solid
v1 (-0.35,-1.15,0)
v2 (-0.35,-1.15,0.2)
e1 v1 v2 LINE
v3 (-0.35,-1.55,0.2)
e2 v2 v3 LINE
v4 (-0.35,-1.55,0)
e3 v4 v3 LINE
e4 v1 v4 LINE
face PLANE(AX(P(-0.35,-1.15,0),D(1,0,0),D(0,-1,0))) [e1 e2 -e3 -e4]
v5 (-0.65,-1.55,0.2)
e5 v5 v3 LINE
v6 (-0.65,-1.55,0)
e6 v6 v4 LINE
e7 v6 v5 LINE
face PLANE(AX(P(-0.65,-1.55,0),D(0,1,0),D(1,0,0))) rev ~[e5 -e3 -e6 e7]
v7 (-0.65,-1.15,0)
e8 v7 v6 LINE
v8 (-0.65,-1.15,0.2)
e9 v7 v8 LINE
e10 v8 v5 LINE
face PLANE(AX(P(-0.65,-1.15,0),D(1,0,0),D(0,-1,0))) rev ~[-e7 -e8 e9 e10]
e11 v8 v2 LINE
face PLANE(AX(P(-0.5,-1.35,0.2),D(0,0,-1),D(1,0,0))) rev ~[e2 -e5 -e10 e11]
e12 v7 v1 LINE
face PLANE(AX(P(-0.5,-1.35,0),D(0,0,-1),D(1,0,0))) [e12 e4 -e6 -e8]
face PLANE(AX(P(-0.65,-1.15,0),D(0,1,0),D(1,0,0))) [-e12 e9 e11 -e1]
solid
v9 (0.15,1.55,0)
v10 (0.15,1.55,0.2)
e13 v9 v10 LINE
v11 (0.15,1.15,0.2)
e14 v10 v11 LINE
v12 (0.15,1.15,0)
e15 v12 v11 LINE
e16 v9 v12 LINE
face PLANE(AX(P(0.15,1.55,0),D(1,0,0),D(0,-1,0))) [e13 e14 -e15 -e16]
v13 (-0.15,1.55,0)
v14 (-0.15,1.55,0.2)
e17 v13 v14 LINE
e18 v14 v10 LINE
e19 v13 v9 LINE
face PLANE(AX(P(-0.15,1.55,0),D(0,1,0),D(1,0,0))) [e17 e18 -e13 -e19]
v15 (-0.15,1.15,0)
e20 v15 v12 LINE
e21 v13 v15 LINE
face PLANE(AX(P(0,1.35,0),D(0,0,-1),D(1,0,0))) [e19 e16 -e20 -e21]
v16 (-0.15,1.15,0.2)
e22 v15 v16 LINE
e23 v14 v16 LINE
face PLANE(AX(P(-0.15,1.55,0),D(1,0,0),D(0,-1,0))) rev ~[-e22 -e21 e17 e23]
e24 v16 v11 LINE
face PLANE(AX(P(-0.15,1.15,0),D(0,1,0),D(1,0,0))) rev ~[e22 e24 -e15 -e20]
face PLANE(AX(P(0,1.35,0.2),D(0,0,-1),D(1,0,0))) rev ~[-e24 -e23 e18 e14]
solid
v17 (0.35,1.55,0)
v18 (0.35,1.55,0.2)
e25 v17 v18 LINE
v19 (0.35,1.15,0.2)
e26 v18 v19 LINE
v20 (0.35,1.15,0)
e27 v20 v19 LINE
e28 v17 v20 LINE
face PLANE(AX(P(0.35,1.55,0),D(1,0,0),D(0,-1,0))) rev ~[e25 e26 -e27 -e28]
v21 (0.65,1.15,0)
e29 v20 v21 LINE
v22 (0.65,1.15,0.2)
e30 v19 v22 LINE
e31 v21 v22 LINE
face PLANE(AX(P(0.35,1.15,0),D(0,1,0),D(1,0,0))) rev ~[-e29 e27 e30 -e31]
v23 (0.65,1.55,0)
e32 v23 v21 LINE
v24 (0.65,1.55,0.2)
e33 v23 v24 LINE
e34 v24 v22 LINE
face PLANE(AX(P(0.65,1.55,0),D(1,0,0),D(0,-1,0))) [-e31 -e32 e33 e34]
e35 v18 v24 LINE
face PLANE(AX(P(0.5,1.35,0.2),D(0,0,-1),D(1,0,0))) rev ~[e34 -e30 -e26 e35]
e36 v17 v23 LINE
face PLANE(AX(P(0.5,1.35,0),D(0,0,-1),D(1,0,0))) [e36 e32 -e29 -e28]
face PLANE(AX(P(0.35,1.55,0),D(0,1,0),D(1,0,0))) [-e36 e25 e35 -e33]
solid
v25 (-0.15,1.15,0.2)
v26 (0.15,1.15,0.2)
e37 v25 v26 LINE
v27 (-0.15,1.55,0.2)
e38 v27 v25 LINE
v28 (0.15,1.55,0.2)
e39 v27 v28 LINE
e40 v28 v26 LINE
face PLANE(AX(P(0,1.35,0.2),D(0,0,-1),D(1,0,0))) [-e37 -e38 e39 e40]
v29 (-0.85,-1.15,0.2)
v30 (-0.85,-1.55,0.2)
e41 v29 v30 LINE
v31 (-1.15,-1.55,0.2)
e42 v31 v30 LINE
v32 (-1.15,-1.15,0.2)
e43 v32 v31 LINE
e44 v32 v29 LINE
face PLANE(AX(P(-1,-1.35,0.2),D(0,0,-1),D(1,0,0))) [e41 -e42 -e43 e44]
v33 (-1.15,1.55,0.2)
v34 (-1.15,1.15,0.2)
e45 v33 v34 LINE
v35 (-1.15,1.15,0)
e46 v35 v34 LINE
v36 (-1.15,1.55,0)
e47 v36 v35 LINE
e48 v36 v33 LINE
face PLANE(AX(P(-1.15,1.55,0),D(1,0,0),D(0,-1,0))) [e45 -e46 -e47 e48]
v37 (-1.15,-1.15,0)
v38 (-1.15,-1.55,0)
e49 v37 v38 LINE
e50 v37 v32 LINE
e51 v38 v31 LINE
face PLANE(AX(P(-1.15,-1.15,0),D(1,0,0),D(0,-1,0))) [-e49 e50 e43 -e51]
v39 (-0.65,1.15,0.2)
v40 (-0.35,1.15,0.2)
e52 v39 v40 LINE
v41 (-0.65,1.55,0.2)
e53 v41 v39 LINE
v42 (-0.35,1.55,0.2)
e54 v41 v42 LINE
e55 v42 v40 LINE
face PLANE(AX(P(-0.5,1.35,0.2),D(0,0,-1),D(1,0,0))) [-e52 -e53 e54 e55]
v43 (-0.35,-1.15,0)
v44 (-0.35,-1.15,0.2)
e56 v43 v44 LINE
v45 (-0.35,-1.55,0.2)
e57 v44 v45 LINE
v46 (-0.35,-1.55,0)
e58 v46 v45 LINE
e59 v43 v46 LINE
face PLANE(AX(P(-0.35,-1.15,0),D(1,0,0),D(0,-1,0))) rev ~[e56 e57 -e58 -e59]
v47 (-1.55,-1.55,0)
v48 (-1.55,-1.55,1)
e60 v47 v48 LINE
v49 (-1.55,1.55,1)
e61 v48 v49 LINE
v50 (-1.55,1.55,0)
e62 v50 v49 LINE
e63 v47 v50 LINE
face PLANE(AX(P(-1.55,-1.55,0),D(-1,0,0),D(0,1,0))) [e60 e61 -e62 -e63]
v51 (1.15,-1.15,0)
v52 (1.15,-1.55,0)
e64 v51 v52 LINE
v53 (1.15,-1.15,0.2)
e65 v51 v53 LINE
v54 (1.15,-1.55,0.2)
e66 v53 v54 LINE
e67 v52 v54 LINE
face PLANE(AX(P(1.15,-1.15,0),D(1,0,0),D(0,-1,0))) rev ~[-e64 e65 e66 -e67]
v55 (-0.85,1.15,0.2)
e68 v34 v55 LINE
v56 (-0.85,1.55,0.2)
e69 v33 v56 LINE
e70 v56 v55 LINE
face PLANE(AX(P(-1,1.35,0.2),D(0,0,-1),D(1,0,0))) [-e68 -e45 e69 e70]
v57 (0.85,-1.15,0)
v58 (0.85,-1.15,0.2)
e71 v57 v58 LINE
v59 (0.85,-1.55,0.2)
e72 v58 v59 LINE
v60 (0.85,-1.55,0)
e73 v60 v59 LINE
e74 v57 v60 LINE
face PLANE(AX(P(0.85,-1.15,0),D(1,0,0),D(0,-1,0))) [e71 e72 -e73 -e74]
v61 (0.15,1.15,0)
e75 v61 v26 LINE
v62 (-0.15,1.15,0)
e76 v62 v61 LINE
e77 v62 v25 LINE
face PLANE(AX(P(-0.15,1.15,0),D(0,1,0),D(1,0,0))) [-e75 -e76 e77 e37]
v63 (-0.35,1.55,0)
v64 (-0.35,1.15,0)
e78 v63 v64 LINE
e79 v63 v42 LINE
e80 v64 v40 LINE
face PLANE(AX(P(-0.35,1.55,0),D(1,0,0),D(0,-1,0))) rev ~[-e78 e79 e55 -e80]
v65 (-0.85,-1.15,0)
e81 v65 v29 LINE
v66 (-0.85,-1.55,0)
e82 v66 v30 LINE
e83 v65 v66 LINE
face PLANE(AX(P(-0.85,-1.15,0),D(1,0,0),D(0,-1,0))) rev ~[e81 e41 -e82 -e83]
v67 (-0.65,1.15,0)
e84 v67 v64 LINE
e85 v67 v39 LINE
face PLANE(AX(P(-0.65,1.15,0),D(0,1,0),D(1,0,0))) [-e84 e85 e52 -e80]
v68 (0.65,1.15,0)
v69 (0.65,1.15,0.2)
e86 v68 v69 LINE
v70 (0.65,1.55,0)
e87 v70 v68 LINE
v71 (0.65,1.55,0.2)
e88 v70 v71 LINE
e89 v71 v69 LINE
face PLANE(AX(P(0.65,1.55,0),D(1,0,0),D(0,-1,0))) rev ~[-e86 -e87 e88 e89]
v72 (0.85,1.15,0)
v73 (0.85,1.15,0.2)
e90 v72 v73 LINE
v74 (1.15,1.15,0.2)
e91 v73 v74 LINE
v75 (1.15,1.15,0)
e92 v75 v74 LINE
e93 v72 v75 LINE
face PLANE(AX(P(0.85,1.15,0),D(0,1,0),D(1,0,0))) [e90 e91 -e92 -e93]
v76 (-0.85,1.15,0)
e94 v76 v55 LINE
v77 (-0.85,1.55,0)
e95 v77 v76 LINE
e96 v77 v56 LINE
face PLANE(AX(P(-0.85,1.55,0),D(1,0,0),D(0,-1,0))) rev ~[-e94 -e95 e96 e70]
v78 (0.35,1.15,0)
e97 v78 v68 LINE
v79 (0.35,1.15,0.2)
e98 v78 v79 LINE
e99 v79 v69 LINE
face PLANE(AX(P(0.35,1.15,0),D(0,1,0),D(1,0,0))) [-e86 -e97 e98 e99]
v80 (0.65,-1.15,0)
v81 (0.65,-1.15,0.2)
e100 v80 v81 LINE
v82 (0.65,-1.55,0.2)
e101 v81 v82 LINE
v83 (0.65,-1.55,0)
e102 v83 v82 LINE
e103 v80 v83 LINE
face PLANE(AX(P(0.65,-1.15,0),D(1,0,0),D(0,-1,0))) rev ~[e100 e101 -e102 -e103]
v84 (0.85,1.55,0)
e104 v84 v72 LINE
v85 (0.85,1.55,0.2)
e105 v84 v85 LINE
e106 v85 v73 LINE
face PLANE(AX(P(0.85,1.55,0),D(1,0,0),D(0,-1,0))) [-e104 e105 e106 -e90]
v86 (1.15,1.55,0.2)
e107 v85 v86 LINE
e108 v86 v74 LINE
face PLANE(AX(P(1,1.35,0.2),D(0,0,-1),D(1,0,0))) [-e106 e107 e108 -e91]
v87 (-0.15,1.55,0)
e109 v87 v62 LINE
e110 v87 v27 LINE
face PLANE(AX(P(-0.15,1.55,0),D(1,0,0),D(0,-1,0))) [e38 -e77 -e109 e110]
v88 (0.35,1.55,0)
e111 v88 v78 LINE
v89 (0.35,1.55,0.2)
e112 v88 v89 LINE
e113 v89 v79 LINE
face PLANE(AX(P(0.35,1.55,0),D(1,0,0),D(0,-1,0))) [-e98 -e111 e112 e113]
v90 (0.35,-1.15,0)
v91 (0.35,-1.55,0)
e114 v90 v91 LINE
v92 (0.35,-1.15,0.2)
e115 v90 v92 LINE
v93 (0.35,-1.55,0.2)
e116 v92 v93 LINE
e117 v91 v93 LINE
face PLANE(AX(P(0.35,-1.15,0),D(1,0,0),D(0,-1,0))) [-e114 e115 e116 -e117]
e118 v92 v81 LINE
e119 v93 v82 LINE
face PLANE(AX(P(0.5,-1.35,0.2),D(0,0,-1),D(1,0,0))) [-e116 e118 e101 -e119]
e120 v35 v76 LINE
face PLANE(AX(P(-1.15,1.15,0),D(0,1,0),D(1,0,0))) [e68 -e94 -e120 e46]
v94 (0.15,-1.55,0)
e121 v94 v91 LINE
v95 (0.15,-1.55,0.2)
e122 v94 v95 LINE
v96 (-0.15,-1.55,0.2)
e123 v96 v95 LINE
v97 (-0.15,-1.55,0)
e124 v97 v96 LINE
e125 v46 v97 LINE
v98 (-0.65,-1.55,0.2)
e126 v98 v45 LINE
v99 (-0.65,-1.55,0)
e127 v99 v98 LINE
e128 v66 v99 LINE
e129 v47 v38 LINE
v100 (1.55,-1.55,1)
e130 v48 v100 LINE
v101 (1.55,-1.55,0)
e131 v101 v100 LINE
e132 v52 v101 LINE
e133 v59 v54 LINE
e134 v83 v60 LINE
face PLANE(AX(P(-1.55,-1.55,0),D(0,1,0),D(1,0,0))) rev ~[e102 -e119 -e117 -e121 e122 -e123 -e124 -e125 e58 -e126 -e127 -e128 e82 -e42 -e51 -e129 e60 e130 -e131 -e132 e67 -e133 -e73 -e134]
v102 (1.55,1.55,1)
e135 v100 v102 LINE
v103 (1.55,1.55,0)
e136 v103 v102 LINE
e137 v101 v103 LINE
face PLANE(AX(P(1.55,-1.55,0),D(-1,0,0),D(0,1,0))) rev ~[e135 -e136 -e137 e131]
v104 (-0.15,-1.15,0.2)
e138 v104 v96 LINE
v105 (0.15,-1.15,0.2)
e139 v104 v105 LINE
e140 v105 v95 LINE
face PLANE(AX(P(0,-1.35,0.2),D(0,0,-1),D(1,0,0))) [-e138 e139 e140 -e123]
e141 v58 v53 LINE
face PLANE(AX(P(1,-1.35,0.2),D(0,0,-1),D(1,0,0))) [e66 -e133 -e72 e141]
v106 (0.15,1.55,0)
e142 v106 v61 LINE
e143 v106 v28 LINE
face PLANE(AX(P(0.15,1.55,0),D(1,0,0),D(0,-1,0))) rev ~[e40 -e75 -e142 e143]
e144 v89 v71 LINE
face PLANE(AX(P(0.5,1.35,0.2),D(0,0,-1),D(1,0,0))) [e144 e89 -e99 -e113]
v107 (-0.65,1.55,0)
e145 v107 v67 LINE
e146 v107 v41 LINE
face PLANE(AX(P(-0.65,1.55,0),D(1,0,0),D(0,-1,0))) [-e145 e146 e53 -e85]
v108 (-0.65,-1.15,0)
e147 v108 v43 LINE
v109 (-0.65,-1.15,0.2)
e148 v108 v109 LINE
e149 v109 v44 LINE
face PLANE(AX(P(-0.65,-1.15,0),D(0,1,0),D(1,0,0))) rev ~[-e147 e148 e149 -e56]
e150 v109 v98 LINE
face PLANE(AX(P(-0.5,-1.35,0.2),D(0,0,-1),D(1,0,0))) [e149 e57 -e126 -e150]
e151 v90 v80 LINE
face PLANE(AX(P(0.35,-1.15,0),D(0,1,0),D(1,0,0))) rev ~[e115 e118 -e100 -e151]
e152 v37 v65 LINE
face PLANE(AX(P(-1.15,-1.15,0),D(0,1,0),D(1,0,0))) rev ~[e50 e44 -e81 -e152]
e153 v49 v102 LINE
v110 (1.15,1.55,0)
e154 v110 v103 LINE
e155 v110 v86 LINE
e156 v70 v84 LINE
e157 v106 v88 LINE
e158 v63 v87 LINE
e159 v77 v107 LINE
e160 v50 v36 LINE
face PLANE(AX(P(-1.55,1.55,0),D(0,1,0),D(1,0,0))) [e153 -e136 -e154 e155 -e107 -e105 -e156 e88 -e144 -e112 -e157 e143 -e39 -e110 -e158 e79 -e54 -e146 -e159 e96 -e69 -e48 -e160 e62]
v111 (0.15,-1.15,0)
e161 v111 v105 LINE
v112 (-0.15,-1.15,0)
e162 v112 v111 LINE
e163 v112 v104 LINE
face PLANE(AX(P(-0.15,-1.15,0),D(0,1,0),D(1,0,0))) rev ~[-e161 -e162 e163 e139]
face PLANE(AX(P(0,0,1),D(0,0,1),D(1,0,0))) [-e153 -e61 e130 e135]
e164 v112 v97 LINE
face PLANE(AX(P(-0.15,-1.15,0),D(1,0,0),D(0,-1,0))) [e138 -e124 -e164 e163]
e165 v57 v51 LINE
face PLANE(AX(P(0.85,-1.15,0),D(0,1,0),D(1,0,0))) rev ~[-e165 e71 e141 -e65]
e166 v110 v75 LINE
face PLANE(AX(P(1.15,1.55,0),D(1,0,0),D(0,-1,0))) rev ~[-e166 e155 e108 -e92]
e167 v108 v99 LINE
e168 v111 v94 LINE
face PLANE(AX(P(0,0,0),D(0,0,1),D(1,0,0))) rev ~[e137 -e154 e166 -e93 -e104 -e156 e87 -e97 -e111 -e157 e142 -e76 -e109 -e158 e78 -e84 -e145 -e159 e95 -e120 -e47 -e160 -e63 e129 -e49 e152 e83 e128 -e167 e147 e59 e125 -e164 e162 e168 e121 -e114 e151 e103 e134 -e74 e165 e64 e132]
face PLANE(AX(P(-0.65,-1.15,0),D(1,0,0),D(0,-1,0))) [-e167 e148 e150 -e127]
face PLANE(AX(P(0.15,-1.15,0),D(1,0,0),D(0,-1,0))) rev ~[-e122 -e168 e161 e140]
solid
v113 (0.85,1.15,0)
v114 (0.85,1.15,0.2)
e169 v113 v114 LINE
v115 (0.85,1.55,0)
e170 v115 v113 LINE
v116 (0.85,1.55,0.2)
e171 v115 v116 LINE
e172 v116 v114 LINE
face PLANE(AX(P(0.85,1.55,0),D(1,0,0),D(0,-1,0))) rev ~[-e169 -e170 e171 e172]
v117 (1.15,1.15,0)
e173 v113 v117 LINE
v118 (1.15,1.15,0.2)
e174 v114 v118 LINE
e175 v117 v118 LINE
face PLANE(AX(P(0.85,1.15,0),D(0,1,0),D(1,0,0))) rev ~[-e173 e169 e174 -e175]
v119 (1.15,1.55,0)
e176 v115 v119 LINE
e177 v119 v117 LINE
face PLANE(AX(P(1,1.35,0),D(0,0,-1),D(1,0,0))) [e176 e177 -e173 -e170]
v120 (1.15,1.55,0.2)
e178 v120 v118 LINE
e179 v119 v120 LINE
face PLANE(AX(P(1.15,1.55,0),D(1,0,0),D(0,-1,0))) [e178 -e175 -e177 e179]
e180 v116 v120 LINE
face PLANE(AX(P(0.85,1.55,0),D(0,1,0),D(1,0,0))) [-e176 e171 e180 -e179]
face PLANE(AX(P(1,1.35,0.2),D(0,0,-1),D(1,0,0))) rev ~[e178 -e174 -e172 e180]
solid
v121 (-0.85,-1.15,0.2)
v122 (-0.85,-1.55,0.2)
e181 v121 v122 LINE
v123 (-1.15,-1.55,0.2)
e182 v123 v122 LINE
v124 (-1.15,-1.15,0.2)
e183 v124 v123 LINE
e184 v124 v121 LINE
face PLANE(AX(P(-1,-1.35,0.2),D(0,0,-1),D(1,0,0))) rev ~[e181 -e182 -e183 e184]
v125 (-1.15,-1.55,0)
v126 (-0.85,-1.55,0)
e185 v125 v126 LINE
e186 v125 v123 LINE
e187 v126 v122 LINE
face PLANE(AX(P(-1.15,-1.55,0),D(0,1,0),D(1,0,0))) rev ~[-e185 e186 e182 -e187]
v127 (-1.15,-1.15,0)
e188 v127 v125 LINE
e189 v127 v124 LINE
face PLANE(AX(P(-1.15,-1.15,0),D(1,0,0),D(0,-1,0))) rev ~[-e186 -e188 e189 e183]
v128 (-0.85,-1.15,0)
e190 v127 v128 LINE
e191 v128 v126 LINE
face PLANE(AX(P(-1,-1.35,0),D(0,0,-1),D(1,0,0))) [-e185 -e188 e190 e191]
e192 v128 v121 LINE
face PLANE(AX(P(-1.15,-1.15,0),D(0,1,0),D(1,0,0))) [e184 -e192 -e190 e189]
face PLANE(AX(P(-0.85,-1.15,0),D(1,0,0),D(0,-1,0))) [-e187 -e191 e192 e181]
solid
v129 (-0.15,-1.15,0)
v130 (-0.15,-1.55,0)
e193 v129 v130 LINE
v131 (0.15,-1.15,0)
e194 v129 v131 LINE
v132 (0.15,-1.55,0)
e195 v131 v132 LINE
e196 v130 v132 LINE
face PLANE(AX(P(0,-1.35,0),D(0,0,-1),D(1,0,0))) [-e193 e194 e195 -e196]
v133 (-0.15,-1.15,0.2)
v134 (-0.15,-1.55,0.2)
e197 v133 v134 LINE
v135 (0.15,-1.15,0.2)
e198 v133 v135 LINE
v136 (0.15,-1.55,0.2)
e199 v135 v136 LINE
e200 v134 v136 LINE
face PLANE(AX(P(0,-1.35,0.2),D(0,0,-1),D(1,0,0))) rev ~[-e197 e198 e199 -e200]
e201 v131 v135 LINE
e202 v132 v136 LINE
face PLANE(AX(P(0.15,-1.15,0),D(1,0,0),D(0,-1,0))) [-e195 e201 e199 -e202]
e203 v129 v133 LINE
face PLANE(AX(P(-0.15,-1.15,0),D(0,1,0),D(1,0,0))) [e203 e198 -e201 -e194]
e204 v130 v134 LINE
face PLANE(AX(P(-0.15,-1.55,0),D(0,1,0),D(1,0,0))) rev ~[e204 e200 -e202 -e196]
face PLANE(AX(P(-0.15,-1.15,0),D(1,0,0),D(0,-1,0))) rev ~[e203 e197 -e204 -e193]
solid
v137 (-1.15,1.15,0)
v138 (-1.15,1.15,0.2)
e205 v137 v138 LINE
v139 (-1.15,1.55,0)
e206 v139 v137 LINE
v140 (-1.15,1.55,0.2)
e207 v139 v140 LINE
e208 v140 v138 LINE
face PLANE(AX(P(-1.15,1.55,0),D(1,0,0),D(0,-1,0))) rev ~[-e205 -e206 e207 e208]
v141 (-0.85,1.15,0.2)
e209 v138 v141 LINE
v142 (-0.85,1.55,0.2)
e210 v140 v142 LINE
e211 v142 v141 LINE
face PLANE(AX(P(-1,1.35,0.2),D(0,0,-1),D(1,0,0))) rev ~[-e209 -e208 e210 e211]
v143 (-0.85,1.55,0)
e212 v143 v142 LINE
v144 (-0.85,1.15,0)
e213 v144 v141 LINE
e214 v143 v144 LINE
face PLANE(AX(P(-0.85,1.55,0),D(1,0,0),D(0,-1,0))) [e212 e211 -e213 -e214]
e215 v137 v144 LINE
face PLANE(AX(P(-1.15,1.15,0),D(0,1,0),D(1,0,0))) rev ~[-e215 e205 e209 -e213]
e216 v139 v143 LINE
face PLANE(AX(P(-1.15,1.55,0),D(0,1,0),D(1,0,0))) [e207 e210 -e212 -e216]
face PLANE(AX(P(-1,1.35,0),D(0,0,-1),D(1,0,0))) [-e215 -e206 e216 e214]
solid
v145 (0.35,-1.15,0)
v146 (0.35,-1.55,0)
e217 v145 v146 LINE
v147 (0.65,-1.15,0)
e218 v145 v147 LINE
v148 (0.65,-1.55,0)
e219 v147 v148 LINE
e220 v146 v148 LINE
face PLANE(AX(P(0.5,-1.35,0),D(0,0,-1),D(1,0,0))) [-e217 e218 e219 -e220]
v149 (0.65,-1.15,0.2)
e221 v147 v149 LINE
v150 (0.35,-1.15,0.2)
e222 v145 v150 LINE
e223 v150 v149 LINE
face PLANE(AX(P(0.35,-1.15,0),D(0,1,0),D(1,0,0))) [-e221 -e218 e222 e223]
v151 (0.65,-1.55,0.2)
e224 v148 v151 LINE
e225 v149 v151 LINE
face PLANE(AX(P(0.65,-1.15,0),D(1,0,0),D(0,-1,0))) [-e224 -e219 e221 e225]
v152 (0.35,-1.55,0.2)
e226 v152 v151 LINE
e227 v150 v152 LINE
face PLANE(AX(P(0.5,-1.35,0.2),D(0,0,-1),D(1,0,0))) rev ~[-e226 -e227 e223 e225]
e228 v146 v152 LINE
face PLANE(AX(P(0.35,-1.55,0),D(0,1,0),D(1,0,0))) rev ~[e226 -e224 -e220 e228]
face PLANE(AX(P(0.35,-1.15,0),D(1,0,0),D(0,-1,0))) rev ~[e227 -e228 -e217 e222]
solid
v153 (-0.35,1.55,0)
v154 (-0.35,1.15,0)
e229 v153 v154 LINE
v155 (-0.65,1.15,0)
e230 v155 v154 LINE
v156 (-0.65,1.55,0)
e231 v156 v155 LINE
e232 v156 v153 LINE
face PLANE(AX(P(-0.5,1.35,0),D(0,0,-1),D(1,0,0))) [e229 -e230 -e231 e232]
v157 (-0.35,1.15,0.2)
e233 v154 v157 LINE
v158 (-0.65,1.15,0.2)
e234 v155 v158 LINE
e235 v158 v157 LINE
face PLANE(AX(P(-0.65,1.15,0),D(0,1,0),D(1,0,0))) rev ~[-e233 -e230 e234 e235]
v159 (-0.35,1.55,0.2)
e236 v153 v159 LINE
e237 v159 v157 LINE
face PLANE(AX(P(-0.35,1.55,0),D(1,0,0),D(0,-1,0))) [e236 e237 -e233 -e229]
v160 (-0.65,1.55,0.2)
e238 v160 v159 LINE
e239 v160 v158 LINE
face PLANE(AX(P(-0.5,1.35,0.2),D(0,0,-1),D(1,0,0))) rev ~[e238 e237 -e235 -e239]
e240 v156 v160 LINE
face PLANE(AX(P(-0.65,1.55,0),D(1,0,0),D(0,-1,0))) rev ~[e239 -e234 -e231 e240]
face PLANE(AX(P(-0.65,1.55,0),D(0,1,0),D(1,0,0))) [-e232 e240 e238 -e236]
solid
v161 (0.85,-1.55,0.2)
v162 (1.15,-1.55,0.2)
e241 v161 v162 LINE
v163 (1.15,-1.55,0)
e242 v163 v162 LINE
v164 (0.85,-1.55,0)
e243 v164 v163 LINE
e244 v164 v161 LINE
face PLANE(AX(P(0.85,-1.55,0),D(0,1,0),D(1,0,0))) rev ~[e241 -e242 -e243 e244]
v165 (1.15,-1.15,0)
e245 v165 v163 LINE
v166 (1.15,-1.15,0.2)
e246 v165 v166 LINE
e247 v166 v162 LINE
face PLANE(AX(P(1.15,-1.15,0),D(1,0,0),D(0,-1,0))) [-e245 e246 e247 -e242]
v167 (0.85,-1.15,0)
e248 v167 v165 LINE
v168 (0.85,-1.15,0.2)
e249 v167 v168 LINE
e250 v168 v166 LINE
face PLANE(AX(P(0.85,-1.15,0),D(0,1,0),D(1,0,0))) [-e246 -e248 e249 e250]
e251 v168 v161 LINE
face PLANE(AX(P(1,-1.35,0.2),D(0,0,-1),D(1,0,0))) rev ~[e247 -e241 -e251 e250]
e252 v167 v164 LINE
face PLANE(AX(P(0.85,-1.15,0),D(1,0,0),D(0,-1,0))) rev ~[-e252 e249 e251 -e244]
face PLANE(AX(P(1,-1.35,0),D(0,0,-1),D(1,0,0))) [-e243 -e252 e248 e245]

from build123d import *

# Parameters (mm, degrees)
F0_W     = 3.1
F0_H     = 3.1
F1_DEPTH = 1
F2_W     = 0.3
F2_H     = 0.4
F3_DEPTH = 0.2
F4_DEPTH = 0.2


with BuildPart() as f1:
    # F0 (on Top) → F1 (new body)
    with BuildSketch(Plane.XY):
        Rectangle(F0_W, F0_H)
    extrude(amount=F1_DEPTH)

    # F2 (on face) → F3 (cut)
    with BuildSketch(Plane(origin=(0, 0, 0), x_dir=(1, 0, 0), z_dir=(0, 0, -1))):
        with Locations((0, 1.35)):
            Rectangle(F2_W, F2_H)
        with Locations((0.5, 1.35)):
            Rectangle(F2_W, F2_H)
        with Locations((1, 1.35)):
            Rectangle(F2_W, F2_H)
        with Locations((-0.5, 1.35)):
            Rectangle(F2_W, F2_H)
        with Locations((-1, 1.35)):
            Rectangle(F2_W, F2_H)
        with Locations((0, -1.35)):
            Rectangle(F2_W, F2_H)
        with Locations((0.5, -1.35)):
            Rectangle(F2_W, F2_H)
        with Locations((-0.5, -1.35)):
            Rectangle(F2_W, F2_H)
        with Locations((1, -1.35)):
            Rectangle(F2_W, F2_H)
        with Locations((-1, -1.35)):
            Rectangle(F2_W, F2_H)
    extrude(amount=-F3_DEPTH, mode=Mode.SUBTRACT)


with BuildPart() as f4:
    # F2 (on face) → F4 (new body)
    with BuildSketch(Plane(origin=(0, 0, 0), x_dir=(1, 0, 0), z_dir=(0, 0, -1))):
        with Locations((0, 1.35)):
            Rectangle(F2_W, F2_H)
        with Locations((0.5, 1.35)):
            Rectangle(F2_W, F2_H)
        with Locations((1, 1.35)):
            Rectangle(F2_W, F2_H)
        with Locations((-0.5, 1.35)):
            Rectangle(F2_W, F2_H)
        with Locations((-1, 1.35)):
            Rectangle(F2_W, F2_H)
        with Locations((0, -1.35)):
            Rectangle(F2_W, F2_H)
        with Locations((0.5, -1.35)):
            Rectangle(F2_W, F2_H)
        with Locations((-0.5, -1.35)):
            Rectangle(F2_W, F2_H)
        with Locations((1, -1.35)):
            Rectangle(F2_W, F2_H)
        with Locations((-1, -1.35)):
            Rectangle(F2_W, F2_H)
    extrude(amount=-F4_DEPTH)


solid = Compound([f1.part, f4.part])
